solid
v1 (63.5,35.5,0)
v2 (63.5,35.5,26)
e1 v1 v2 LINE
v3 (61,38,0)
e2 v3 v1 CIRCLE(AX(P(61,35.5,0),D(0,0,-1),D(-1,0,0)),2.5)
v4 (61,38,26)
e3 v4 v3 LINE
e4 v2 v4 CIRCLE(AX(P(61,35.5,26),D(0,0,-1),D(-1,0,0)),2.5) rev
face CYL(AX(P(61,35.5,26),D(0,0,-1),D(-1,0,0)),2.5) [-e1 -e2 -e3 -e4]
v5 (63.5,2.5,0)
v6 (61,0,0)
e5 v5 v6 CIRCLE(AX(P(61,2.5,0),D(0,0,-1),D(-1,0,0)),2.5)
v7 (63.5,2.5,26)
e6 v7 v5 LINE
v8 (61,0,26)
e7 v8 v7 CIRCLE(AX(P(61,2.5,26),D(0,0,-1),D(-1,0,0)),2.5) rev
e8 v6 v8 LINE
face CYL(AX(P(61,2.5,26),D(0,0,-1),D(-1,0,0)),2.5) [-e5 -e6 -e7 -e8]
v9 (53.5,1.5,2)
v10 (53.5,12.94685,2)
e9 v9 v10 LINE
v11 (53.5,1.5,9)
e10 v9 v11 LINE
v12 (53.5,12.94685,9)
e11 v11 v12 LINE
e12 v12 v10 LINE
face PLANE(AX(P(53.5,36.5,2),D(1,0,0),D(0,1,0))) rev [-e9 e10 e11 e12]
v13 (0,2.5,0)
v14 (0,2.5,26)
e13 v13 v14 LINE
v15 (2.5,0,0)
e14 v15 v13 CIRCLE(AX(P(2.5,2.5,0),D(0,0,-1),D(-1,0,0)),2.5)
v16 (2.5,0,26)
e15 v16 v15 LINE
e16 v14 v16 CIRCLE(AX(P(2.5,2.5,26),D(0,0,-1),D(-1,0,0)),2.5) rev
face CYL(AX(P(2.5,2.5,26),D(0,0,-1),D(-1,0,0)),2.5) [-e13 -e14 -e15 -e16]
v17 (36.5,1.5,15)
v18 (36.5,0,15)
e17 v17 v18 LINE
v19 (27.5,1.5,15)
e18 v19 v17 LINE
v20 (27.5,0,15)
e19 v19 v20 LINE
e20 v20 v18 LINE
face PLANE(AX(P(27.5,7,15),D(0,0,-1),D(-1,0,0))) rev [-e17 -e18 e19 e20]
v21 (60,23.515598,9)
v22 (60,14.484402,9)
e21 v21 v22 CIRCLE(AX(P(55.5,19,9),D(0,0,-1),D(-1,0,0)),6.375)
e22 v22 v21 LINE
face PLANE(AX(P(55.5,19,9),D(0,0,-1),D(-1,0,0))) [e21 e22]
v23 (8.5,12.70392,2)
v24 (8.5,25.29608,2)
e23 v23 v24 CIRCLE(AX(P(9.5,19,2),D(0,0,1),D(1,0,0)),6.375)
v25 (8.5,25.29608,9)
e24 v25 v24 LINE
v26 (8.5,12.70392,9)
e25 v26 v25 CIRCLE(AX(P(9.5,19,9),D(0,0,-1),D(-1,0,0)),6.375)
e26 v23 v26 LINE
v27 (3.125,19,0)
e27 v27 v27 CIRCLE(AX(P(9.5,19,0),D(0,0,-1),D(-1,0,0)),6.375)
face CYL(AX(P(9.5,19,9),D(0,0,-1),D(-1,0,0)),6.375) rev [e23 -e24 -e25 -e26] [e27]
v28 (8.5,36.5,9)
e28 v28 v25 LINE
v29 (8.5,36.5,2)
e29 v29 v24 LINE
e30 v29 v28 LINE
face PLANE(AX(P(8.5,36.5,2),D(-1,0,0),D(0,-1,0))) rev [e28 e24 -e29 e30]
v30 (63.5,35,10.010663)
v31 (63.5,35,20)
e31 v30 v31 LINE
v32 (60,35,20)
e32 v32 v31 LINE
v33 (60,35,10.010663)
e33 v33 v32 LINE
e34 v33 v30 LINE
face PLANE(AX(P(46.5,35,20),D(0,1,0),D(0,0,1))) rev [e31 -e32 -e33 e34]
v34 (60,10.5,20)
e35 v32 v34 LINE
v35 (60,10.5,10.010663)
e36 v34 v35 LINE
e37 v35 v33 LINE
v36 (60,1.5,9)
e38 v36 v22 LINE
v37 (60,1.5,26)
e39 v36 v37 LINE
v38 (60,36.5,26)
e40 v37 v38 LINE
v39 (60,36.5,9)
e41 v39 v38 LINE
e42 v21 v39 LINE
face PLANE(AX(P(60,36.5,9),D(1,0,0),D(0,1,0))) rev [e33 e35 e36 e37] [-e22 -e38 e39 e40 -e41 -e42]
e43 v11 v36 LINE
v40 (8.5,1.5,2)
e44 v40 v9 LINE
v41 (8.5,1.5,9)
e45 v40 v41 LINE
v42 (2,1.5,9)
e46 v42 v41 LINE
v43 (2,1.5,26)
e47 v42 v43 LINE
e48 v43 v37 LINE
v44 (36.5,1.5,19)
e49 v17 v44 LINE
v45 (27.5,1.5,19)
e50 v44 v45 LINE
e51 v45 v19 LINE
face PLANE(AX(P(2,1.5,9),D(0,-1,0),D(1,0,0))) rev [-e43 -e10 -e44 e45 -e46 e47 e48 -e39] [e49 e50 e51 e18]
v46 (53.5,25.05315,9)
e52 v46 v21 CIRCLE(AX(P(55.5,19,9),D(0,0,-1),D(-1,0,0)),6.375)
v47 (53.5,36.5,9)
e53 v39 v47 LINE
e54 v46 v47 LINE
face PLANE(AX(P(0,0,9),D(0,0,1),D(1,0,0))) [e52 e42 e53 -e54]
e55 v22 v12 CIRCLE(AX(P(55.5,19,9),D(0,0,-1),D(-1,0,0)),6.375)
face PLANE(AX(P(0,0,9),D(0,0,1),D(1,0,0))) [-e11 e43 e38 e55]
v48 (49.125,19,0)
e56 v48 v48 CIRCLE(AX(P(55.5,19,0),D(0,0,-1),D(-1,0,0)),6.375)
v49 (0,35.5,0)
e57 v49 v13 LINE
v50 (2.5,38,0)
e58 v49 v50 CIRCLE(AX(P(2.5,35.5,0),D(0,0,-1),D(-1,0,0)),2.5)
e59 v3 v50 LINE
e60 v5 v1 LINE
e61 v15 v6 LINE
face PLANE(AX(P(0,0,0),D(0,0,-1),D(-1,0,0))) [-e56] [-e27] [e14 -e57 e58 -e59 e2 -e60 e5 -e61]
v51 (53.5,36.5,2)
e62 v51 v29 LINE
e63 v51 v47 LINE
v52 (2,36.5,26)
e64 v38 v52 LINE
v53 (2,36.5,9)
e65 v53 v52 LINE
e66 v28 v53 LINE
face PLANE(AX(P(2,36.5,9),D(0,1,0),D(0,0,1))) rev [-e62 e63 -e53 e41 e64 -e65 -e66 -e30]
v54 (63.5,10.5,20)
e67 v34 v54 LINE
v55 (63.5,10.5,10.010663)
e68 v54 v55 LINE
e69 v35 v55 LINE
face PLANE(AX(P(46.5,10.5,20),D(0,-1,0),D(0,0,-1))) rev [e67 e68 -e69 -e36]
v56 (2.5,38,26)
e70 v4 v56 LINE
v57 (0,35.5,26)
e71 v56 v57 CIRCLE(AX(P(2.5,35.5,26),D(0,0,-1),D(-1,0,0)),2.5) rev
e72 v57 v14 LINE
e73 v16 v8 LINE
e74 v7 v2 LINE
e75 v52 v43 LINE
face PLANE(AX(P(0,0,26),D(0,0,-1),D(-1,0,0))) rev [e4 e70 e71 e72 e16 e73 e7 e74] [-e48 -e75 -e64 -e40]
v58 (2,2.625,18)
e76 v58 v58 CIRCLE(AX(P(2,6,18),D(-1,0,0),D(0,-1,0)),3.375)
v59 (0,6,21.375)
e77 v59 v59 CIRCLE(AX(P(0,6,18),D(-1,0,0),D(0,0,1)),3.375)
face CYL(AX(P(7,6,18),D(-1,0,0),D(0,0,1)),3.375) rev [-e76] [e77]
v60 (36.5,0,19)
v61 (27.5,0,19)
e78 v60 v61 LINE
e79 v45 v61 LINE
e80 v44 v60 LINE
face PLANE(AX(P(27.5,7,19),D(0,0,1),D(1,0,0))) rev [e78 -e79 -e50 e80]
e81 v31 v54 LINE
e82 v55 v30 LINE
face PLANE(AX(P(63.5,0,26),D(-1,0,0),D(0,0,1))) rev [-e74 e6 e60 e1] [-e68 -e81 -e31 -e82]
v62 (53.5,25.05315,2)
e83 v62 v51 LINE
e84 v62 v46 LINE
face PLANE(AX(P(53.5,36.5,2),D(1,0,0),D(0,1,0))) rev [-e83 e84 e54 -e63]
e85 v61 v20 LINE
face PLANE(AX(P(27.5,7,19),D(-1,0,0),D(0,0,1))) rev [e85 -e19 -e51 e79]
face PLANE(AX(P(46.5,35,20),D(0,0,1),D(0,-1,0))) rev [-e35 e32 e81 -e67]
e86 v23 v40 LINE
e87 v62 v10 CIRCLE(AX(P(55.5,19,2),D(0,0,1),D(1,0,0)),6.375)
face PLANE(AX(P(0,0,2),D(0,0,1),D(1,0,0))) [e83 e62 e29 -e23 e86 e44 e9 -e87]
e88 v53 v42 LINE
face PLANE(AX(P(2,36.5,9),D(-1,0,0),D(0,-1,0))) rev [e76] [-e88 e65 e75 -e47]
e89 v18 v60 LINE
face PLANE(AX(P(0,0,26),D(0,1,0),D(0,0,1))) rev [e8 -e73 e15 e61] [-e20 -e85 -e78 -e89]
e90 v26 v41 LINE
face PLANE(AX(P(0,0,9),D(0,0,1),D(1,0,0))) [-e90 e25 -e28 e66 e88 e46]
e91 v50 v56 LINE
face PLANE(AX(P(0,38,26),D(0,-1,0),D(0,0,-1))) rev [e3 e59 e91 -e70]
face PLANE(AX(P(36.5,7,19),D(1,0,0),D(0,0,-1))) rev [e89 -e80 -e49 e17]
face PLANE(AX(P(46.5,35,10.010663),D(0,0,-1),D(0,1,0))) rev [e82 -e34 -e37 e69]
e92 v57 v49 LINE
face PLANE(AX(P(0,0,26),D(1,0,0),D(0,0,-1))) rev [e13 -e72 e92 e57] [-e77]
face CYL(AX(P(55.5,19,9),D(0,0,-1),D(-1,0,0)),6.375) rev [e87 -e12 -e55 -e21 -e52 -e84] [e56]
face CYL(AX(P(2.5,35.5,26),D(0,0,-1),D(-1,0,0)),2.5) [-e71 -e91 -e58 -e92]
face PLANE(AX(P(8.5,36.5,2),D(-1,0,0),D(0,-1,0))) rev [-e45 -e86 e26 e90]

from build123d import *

# Parameters (mm, degrees)
SKETCH1_W           = 63.5
SKETCH1_H           = 38
BOSS_EXTRUDE1_DEPTH = 26
SKETCH2_W           = 58
SKETCH2_H           = 35
CUT_EXTRUDE1_DEPTH  = 17
SKETCH4_W           = 45
SKETCH4_H           = 35
CUT_EXTRUDE3_DEPTH  = 7
SKETCH5_R           = 6.375
CUT_EXTRUDE4_DEPTH  = 9
SKETCH6_W           = 9.989337028
SKETCH6_H           = 24.5
CUT_EXTRUDE5_DEPTH  = 17
SKETCH7_R           = 3.375
CUT_EXTRUDE6_DEPTH  = 7
SKETCH8_W           = 9
SKETCH8_H           = 4
CUT_EXTRUDE7_DEPTH  = 7
FILLET1_R           = 2.5


with BuildPart() as part:
    # Sketch1 → Boss-Extrude1 (new body)
    with BuildSketch(Plane.XY):
        with Locations((31.75, 19)):
            Rectangle(SKETCH1_W, SKETCH1_H)
    extrude(amount=BOSS_EXTRUDE1_DEPTH)

    # Sketch2 → Cut-Extrude1 (cut)
    with BuildSketch(Plane.XY.offset(26)):
        with Locations((31, 19)):
            Rectangle(SKETCH2_W, SKETCH2_H)
    extrude(amount=-CUT_EXTRUDE1_DEPTH, mode=Mode.SUBTRACT)

    # Sketch4 → Cut-Extrude3 (cut)
    with BuildSketch(Plane.XY.offset(9)):
        with Locations((31, 19)):
            Rectangle(SKETCH4_W, SKETCH4_H)
    extrude(amount=-CUT_EXTRUDE3_DEPTH, mode=Mode.SUBTRACT)

    # Sketch5 → Cut-Extrude4 (cut)
    with BuildSketch(Plane(origin=(0, 0, 0), x_dir=(-1, 0, 0), z_dir=(0, 0, -1))):
        with Locations((-55.5, 19)):
            Circle(SKETCH5_R)
        with Locations((-9.5, 19)):
            Circle(SKETCH5_R)
    extrude(amount=-CUT_EXTRUDE4_DEPTH, mode=Mode.SUBTRACT)

    # Sketch6 → Cut-Extrude5 (cut)
    with BuildSketch(Plane(origin=(63.5, 0, 0), x_dir=(0, 0, -1), z_dir=(1, 0, 0))):
        with Locations((-15.005331486, 22.75)):
            Rectangle(SKETCH6_W, SKETCH6_H)
    extrude(amount=-CUT_EXTRUDE5_DEPTH, mode=Mode.SUBTRACT)

    # Sketch7 → Cut-Extrude6 (cut)
    with BuildSketch(Plane.ZY):
        with Locations((18, 6)):
            Circle(SKETCH7_R)
    extrude(amount=-CUT_EXTRUDE6_DEPTH, mode=Mode.SUBTRACT)

    # Sketch8 → Cut-Extrude7 (cut)
    with BuildSketch(Plane.XZ):
        with Locations((32, 17)):
            Rectangle(SKETCH8_W, SKETCH8_H)
    extrude(amount=-CUT_EXTRUDE7_DEPTH, mode=Mode.SUBTRACT)

    # Fillet1
    fillet1_edges = [part.edges().sort_by_distance(p)[0] for p in [
        (0, 38, 13),
        (63.5, 38, 13),
        (63.5, 0, 13),
        (0, 0, 13),
    ]]
    fillet(fillet1_edges, radius=FILLET1_R)


solid = part.part
